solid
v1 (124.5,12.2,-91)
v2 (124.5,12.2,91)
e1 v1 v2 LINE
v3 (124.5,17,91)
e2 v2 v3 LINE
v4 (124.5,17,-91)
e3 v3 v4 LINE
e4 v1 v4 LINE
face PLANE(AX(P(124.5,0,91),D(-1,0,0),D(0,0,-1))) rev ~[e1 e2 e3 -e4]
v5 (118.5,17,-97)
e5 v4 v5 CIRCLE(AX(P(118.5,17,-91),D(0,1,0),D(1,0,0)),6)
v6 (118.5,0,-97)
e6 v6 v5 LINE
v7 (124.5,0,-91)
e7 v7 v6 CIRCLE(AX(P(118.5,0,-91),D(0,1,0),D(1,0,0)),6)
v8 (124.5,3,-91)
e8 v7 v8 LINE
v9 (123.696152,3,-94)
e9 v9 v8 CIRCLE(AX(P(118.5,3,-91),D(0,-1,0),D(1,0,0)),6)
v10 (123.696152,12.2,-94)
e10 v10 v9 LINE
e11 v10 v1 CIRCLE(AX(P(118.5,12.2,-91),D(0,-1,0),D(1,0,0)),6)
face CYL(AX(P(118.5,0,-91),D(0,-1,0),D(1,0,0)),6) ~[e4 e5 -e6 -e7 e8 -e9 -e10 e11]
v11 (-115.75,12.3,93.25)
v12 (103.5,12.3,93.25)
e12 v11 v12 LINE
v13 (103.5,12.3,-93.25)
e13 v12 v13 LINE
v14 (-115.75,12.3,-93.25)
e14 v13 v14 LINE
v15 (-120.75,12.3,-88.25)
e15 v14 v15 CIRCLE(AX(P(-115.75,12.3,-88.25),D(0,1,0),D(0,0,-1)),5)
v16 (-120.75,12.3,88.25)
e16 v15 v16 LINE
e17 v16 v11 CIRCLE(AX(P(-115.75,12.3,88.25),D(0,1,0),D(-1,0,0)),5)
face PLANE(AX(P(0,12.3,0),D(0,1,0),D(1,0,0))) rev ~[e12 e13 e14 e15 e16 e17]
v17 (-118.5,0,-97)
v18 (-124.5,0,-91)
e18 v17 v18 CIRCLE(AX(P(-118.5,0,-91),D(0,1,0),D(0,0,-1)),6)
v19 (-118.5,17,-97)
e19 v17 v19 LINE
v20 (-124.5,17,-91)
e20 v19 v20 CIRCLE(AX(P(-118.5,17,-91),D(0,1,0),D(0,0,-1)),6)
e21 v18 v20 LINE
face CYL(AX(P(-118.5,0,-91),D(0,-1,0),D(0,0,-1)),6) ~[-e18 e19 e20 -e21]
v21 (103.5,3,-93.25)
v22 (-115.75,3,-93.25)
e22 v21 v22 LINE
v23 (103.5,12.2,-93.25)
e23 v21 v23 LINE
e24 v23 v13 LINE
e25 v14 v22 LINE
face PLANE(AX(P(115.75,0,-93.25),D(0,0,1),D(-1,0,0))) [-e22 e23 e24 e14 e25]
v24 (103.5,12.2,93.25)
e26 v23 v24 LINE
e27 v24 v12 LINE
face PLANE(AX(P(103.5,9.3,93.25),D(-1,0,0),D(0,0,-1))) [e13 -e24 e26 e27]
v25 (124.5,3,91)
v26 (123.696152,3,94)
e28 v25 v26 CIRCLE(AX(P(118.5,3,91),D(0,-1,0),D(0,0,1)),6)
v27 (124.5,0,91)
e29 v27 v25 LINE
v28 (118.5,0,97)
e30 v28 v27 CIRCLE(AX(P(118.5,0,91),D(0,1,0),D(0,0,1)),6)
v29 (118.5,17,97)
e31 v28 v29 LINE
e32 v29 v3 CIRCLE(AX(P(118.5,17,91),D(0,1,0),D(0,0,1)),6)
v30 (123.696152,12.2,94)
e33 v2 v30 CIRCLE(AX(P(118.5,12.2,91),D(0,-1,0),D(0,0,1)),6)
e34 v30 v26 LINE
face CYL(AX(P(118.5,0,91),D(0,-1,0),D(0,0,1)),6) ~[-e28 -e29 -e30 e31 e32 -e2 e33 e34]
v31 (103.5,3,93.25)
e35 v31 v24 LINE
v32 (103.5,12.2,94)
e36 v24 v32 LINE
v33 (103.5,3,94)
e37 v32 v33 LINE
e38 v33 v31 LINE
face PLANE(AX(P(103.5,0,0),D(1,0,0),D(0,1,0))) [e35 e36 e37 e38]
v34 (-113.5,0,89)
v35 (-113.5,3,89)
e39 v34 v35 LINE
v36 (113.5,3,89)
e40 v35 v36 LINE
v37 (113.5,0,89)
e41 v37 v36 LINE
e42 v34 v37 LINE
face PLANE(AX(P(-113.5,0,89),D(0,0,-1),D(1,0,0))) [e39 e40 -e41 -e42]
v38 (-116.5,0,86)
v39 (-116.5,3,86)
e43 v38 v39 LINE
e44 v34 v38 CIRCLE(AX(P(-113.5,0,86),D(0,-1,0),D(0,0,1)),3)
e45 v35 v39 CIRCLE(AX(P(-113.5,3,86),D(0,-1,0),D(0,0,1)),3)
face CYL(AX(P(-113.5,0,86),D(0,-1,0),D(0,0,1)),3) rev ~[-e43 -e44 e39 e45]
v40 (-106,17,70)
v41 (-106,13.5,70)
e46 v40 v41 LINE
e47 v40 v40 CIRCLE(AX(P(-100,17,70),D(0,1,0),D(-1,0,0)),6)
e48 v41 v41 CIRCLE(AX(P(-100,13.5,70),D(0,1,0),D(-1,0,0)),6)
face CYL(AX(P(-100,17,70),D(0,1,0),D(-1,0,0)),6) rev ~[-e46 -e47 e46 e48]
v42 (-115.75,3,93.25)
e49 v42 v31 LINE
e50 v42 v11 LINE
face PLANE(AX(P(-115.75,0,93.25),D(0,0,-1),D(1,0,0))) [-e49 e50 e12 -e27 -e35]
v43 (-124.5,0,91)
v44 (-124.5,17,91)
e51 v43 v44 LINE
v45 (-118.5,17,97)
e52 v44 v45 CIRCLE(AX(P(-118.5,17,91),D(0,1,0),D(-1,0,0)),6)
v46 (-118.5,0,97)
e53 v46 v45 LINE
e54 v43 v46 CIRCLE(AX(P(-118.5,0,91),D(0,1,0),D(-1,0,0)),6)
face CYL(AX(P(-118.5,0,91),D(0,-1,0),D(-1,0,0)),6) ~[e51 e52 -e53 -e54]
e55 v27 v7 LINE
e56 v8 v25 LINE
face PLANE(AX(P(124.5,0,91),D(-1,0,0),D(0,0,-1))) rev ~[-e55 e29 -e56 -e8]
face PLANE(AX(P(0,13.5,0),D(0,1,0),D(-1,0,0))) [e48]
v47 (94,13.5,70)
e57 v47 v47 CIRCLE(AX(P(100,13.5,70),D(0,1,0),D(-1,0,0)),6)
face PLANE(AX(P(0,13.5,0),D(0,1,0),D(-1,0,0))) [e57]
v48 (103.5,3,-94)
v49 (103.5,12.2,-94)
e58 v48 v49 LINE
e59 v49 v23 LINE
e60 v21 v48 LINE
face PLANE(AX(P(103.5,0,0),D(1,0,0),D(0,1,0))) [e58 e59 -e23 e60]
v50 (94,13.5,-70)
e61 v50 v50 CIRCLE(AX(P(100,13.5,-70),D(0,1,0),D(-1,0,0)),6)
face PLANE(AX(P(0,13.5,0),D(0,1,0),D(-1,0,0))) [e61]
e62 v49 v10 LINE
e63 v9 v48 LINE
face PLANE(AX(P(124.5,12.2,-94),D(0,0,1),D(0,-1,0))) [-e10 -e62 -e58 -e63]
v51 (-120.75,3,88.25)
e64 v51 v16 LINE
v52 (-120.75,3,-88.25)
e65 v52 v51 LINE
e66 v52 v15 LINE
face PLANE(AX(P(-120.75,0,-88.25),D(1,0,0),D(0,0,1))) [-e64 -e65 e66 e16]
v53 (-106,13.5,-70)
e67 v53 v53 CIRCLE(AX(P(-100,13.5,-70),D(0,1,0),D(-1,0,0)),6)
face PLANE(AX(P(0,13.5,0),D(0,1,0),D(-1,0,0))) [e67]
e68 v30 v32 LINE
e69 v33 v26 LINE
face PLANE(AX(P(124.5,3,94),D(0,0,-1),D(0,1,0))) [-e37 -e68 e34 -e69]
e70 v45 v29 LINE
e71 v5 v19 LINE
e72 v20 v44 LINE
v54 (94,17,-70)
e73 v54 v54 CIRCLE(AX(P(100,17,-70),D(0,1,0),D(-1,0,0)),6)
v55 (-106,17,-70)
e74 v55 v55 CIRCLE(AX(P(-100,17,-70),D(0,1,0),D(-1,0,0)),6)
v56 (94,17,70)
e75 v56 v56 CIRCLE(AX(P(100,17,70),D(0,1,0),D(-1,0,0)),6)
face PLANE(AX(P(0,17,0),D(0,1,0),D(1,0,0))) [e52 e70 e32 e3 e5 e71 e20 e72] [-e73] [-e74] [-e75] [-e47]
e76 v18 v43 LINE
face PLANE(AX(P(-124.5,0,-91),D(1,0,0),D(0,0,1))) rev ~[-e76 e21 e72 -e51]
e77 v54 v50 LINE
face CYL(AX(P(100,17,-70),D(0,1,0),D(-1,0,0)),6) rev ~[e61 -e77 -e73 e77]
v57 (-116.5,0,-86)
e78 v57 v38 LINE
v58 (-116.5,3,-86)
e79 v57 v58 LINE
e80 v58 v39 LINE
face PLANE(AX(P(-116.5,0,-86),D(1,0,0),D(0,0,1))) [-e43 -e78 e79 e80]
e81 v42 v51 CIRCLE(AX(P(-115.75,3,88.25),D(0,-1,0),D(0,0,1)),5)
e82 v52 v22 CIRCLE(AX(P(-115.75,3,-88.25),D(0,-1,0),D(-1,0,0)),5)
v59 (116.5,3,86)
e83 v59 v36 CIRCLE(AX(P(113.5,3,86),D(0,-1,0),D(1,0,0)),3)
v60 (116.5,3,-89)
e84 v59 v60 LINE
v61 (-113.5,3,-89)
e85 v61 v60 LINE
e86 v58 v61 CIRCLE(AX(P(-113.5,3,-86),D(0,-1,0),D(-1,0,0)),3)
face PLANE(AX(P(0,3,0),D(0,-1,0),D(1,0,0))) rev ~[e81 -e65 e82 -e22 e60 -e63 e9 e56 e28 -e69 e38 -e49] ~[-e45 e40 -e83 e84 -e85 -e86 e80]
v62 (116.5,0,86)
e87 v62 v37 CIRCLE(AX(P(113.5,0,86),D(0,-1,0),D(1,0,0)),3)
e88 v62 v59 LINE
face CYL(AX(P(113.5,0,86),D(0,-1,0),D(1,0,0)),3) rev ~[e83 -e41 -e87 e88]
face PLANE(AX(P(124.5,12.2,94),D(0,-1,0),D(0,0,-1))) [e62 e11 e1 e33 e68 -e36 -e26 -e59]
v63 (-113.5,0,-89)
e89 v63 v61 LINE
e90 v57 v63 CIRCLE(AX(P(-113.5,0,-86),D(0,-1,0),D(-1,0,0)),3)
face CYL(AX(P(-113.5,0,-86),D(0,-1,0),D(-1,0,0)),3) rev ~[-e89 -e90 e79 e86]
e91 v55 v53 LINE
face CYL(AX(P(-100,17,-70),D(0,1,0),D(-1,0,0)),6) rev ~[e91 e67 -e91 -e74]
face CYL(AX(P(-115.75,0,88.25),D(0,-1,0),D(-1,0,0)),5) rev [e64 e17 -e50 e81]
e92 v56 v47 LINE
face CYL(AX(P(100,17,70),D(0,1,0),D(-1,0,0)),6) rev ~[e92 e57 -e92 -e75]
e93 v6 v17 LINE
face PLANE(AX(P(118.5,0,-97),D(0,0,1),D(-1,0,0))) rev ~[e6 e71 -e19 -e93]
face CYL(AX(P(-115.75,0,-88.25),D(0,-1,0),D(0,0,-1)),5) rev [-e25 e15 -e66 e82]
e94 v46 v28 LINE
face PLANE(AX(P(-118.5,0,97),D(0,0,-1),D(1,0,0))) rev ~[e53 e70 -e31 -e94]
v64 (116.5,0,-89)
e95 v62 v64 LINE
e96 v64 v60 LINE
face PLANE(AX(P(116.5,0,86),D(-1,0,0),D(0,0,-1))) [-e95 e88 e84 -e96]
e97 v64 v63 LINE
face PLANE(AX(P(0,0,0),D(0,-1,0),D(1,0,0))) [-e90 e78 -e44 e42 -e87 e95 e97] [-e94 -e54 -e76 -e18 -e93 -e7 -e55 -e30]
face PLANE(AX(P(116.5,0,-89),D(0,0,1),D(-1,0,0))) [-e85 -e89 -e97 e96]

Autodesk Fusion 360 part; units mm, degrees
sketch "Sketch1" plane through (0, 0, 0) normal (0, 1, 0) x (1, 0, 0)
  line L0 (118.5, 97) -> (-118.5, 97)
  line L1 (-124.5, 91) -> (-124.5, -91)
  line L2 (-118.5, -97) -> (118.5, -97)
  line L3 (124.5, -91) -> (124.5, 91)
  line L4 (124.5, 97) -> (-124.5, -97) construction
  line L5 (-124.5, 97) -> (124.5, -97) construction
  arc A0 (118.5, -97) -> (124.5, -91) centre (118.5, -91) ccw
  arc A1 (-124.5, -91) -> (-118.5, -97) centre (-118.5, -91) ccw
  arc A2 (124.5, 91) -> (118.5, 97) centre (118.5, 91) ccw
  arc A3 (-118.5, 97) -> (-124.5, 91) centre (-118.5, 91) ccw
  dimension "d1" = 249
  dimension "d2" = 194
  dimension "d3" = 6
  dimension "d4" = 6
  dimension "d5" = 6
  dimension "d6" = 6
extrude "Extrude1" add sketch "Sketch1" along normal blind 17
sketch "Sketch2" plane through (0, 0, 0) normal (0, 1, 0) x (1, 0, 0)
  line L0 (115.75, 93.25) -> (-115.75, 93.25)
  line L1 (-120.75, 88.25) -> (-120.75, -88.25)
  line L2 (-115.75, -93.25) -> (115.75, -93.25)
  line L3 (120.75, -88.25) -> (120.75, 88.25)
  line L4 (120.75, 93.25) -> (-120.75, -93.25) construction
  line L5 (-120.75, 93.25) -> (120.75, -93.25) construction
  arc A0 (-120.75, -88.25) -> (-115.75, -93.25) centre (-115.75, -88.25) ccw
  arc A1 (115.75, -93.25) -> (120.75, -88.25) centre (115.75, -88.25) ccw
  arc A2 (-115.75, 93.25) -> (-120.75, 88.25) centre (-115.75, 88.25) ccw
  arc A3 (120.75, 88.25) -> (115.75, 93.25) centre (115.75, 88.25) ccw
  dimension "d9" = 241.5
  dimension "d10" = 186.5
  dimension "d11" = 5
  dimension "d12" = 5
  dimension "d13" = 5
  dimension "d14" = 5
ref_plane "WorkPlane1" through (0, 3, 0) normal (0, 1, 0) x (-1, 0, 0)
extrude "Extrude2" cut sketch "Sketch2" along normal blind 9.3
sketch "Sketch3" plane through (0, 0, 0) normal (0, -1, 0) x (1, 0, 0)
  line L0 (120.75, 88.25) -> (120.75, -88.25)
  arc A0 (115.75, -93.25) -> (120.75, -88.25) centre (115.75, -88.25) ccw
  line L1 (115.75, -93.25) -> (-115.75, -93.25)
  arc A1 (-120.75, -88.25) -> (-115.75, -93.25) centre (-115.75, -88.25) ccw
  line L2 (-120.75, -88.25) -> (-120.75, 88.25)
  arc A2 (-115.75, 93.25) -> (-120.75, 88.25) centre (-115.75, 88.25) ccw
  line L3 (-115.75, 93.25) -> (115.75, 93.25)
  arc A3 (120.75, 88.25) -> (115.75, 93.25) centre (115.75, 88.25) ccw
  arc A4 (-124.5, -91) -> (-118.5, -97) centre (-118.5, -91) ccw
  line L4 (-118.5, -97) -> (118.5, -97)
  arc A5 (118.5, -97) -> (124.5, -91) centre (118.5, -91) ccw
  line L5 (124.5, -91) -> (124.5, 91)
  arc A6 (124.5, 91) -> (118.5, 97) centre (118.5, 91) ccw
  line L6 (118.5, 97) -> (-118.5, 97)
  arc A7 (-118.5, 97) -> (-124.5, 91) centre (-118.5, 91) ccw
  line L7 (-124.5, 91) -> (-124.5, -91)
  line L8 (-113.5, 89) -> (113.5, 89)
  line L9 (116.5, 86) -> (116.5, -89)
  line L10 (116.5, -89) -> (-113.5, -89)
  line L11 (-116.5, -86) -> (-116.5, 86)
  line L12 (-116.5, 89) -> (116.5, -89) construction
  line L13 (116.5, 89) -> (-116.5, -89) construction
  arc A8 (-113.5, 89) -> (-116.5, 86) centre (-113.5, 86) ccw
  arc A9 (116.5, 86) -> (113.5, 89) centre (113.5, 86) ccw
  arc A10 (-116.5, -86) -> (-113.5, -89) centre (-113.5, -86) ccw
  dimension "d18" = 233
  dimension "d19" = 178
  dimension "d20" = 3
  dimension "d21" = 3
  dimension "d22" = 3
sketch "Sketch4" plane through (124.5, 0, 0) normal (1, 0, 0) x (0, 1, 0)
  line L0 (0, 91) -> (0, -91)
  line L1 (0, -91) -> (17, -91)
  line L2 (17, -91) -> (17, 91)
  line L3 (17, 91) -> (0, 91)
  line L4 (3, 94) -> (12.2, 94)
  line L5 (12.2, 94) -> (12.2, -94)
  line L6 (12.2, -94) -> (3, -94)
  line L7 (3, -94) -> (3, 94)
  dimension "d23" = 9.2
  dimension "d24" = 188
extrude "Extrude3" cut sketch "Sketch4" against normal blind 6 contours L3 L4 L5 L7 | L1 L3 L5 L7 | L1 L5 L6 L7
sketch "Sketch5" plane through (0, 17, 0) normal (0, 1, 0) x (-1, 0, 0)
  arc A0 (118.5, -97) -> (124.5, -91) centre (118.5, -91) ccw
  line L0 (124.5, -91) -> (124.5, 91)
  arc A1 (124.5, 91) -> (118.5, 97) centre (118.5, 91) ccw
  line L1 (118.5, 97) -> (-118.5, 97)
  arc A2 (-118.5, 97) -> (-124.5, 91) centre (-118.5, 91) ccw
  line L2 (-124.5, 91) -> (-124.5, -91)
  arc A3 (-124.5, -91) -> (-118.5, -97) centre (-118.5, -91) ccw
  line L3 (-118.5, -97) -> (118.5, -97)
  circle A4 centre (-100, 70) radius 6
  circle A5 centre (100, 70) radius 6
  circle A6 centre (-100, -70) radius 6
  circle A7 centre (100, -70) radius 6
  dimension "d27" = 12
  dimension "d28" = 12
  dimension "d29" = 12
  dimension "d30" = 12
extrude "Extrude4" cut sketch "Sketch5" against normal blind 3.5 contours A4 | A5 | A6 | A7
extrude "Extrude5" add sketch "Sketch3" against normal blind 3 contours L0 A0 L1 A1 L2 A2 L3 A3
sketch "Sketch6" plane through (118.5, 0, 0) normal (1, 0, 0) x (0, 1, 0)
  line L0 (9.3, -92.4258) -> (3, -92.4258)
  line L1 (3, -92.4258) -> (3, -94)
  line L2 (3, -94) -> (12.2, -94)
  line L3 (12.2, -94) -> (12.2, 94)
  line L4 (12.2, 94) -> (3, 94)
  line L5 (3, 94) -> (3, 92.4258)
  line L6 (3, 92.4258) -> (9.3, 92.4258)
  line L7 (9.3, 92.4258) -> (9.3, -92.4258)
  line L8 (3, 94) -> (12.2, 94)
  line L9 (12.2, 94) -> (12.2, -94)
  line L10 (12.2, -94) -> (3, -94)
  line L11 (3, -94) -> (3, 94)
extrude "Extrude6" cut sketch "Sketch6" against normal blind 15
sketch "Sketch7" plane through (0, 3, 0) normal (0, 1, 0) x (1, 0, 0)
extrude "Extrude7" cut 1 faces at (-42.6667, 9.3, -31.0833) along direction (0, 1, 0) blind 3
